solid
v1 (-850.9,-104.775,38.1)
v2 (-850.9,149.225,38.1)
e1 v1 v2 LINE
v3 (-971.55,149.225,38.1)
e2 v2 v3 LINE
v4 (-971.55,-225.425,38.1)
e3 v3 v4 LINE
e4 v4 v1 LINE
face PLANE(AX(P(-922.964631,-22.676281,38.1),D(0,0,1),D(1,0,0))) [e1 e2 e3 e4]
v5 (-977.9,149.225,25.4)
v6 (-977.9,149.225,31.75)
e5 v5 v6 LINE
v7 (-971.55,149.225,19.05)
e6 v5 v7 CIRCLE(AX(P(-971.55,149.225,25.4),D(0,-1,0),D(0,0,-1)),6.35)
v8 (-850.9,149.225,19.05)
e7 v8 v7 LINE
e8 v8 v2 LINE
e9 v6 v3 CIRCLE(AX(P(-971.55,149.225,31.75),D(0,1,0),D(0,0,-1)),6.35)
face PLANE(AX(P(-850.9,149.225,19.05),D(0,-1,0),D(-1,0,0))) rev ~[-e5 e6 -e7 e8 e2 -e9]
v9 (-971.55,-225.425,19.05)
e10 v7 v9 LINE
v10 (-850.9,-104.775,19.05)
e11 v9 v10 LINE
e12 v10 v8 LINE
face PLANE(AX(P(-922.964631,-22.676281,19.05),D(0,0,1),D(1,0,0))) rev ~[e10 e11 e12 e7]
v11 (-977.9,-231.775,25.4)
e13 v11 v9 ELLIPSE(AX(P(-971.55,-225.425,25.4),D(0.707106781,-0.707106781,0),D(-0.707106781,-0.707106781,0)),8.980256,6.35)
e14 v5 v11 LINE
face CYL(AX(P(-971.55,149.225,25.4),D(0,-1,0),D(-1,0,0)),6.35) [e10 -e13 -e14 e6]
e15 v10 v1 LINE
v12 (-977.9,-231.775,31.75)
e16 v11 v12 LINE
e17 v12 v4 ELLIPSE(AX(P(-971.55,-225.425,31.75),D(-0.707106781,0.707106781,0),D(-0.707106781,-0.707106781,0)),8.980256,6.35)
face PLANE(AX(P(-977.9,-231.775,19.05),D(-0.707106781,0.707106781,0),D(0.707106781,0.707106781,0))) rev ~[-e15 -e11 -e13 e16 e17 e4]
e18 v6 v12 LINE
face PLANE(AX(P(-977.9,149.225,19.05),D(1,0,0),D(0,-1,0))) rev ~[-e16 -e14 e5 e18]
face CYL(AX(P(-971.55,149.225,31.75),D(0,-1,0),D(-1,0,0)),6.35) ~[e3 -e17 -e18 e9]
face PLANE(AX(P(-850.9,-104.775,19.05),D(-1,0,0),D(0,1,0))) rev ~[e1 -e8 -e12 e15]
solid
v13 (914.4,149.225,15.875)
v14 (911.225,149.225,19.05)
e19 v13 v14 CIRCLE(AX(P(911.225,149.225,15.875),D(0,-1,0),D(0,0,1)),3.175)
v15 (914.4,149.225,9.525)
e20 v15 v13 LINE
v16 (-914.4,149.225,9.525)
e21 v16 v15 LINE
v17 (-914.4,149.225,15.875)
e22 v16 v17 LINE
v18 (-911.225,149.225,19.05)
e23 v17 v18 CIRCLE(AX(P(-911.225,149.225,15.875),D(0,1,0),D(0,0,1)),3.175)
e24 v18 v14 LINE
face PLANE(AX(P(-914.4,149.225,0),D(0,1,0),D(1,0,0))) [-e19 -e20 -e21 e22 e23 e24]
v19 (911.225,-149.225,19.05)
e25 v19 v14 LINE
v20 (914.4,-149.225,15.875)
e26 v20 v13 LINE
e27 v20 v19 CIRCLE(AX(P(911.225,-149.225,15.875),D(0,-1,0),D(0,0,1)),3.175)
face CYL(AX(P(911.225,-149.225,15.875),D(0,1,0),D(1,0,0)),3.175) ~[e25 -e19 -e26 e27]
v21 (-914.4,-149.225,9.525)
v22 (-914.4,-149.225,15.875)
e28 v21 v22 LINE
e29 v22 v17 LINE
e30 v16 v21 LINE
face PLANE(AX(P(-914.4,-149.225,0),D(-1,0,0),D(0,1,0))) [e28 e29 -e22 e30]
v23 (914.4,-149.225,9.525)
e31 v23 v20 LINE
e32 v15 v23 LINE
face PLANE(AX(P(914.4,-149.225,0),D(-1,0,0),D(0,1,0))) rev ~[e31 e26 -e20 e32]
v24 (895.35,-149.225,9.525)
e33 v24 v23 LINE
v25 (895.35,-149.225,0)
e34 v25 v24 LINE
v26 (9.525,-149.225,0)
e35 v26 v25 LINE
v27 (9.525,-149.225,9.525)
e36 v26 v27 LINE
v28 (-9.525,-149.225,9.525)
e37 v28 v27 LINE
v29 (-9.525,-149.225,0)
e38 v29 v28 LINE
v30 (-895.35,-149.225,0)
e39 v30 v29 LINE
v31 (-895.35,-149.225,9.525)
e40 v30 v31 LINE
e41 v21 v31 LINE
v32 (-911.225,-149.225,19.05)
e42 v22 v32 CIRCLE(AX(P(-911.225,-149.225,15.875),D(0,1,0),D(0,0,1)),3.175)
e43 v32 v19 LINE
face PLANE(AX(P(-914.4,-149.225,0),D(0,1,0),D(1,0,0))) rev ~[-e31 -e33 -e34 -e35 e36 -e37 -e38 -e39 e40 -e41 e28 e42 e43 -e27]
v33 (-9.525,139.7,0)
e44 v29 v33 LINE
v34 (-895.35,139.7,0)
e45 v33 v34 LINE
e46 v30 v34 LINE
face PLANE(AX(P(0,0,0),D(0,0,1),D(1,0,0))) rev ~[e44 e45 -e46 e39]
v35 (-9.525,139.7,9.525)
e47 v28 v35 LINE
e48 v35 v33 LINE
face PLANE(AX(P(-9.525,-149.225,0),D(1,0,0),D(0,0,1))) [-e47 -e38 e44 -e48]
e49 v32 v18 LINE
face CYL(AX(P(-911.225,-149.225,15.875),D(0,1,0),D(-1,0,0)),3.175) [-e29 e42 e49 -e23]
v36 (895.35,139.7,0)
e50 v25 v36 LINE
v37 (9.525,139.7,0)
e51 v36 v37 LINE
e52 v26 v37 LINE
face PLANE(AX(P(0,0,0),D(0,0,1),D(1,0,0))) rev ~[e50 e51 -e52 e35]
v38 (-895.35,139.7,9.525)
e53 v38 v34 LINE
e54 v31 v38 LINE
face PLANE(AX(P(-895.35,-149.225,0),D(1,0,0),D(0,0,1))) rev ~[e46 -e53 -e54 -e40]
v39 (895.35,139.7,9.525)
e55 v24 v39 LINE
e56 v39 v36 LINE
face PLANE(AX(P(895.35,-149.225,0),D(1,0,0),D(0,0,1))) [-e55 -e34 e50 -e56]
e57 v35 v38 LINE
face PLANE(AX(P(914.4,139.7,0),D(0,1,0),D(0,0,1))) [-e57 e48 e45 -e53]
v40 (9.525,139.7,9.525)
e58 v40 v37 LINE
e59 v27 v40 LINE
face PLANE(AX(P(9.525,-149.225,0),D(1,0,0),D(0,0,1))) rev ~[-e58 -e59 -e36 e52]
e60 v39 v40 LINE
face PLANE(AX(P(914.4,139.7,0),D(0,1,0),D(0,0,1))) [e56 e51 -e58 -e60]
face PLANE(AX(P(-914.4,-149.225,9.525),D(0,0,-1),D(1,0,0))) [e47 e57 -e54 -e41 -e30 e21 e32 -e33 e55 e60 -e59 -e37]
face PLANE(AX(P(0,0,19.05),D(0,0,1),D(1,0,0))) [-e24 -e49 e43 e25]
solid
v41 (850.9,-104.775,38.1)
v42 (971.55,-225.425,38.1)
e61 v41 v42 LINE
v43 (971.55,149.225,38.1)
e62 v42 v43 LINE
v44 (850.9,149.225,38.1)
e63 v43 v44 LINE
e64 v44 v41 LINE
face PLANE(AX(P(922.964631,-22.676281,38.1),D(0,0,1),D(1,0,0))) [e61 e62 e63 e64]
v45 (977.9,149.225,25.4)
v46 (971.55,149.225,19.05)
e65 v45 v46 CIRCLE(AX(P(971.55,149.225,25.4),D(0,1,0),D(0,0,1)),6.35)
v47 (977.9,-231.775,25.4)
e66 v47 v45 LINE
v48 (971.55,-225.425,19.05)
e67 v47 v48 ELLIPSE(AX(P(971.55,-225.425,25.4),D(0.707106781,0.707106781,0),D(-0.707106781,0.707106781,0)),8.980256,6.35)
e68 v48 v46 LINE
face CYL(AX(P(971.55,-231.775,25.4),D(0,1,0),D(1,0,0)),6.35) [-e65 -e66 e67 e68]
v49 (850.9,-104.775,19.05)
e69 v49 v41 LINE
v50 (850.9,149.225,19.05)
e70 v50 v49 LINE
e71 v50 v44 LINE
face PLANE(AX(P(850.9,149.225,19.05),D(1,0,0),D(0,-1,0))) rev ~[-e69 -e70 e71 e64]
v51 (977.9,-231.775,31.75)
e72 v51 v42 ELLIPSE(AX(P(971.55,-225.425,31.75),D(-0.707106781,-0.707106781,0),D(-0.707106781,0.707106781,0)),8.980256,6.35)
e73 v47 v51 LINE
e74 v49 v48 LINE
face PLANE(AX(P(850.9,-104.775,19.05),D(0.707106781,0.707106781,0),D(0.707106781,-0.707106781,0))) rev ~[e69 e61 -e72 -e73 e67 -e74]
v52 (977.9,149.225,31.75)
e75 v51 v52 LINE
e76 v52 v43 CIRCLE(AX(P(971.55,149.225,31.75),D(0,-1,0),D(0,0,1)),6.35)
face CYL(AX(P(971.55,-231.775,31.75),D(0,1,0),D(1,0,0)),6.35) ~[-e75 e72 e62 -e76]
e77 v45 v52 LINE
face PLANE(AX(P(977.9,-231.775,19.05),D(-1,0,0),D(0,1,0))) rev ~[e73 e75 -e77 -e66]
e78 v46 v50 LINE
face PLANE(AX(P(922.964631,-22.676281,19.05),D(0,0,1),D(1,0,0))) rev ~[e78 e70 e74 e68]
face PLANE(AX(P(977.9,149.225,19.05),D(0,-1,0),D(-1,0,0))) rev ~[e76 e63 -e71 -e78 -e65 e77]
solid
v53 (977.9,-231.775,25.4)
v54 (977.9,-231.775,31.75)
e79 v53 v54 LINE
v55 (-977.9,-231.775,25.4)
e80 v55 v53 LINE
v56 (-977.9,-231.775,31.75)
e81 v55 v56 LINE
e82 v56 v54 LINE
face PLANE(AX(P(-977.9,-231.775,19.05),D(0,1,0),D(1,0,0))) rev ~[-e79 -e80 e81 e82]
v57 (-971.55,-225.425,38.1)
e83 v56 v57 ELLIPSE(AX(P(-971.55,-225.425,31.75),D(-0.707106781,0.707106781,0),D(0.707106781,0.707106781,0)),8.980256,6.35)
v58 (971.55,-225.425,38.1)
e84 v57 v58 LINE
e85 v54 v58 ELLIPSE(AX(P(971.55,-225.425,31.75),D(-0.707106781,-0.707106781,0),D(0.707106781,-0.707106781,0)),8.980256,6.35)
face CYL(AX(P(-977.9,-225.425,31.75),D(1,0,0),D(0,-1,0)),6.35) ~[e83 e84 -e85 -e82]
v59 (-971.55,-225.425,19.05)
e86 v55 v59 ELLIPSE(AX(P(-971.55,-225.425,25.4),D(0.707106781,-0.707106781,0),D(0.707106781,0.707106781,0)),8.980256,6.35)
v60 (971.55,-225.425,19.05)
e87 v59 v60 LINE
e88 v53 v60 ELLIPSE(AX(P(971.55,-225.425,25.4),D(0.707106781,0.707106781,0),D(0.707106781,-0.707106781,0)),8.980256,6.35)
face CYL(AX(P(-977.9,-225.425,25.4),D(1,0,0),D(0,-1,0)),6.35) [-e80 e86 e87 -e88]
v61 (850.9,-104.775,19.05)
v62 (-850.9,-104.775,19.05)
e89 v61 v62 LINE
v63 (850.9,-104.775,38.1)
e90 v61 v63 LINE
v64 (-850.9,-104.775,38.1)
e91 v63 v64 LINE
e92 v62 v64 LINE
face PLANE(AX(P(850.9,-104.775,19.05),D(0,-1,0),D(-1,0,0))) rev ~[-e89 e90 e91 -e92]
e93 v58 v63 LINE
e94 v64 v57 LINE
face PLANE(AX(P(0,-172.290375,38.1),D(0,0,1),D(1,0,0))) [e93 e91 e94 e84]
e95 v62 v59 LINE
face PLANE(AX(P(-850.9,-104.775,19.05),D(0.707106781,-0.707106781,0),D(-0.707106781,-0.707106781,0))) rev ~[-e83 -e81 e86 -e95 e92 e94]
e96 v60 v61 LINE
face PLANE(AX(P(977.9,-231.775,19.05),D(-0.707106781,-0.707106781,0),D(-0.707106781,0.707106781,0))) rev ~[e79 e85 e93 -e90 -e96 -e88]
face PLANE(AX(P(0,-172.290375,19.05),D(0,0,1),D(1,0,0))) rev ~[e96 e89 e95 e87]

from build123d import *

# Parameters (mm, degrees)
F0_W      = 1828.8
F0_H      = 298.45
F1_DEPTH  = 19.05
F2_W      = 9.525
F2_H      = 9.525
F3_DEPTH  = 1828.801
F4_W      = 19.05
F4_H      = 9.525
F5_DEPTH  = 298.451
F7_DEPTH  = 19.05
F9_DEPTH  = 19.05
F11_DEPTH = 19.05
F12_R     = 6.35
F12_2_R   = 6.35
F12_3_R   = 6.35
F13_R     = 3.175


with BuildPart() as f1:
    # F0 (on Top) → F1 (new body)
    with BuildSketch(Plane.XY):
        Rectangle(F0_W, F0_H)
    extrude(amount=F1_DEPTH)

    # F2 (on face) → F3 (cut, through all)
    with BuildSketch(Plane.YZ.offset(914.4)):
        with Locations((144.4625, 4.7625)):
            Rectangle(F2_W, F2_H)
    extrude(amount=-F3_DEPTH, mode=Mode.SUBTRACT)

    # F4 (on face) → F5 (cut, through all)
    with BuildSketch(Plane.XZ.offset(149.225)):
        with Locations((-904.875, 4.7625)):
            Rectangle(F4_W, F4_H)
        with Locations((904.875, 4.7625)):
            Rectangle(F4_W, F4_H)
        with Locations((0, 4.7625)):
            Rectangle(F4_W, F4_H)
    extrude(amount=-F5_DEPTH, mode=Mode.SUBTRACT)

    # F13
    f13_edges = [f1.edges().sort_by_distance(p)[0] for p in [
        (-914.4, 0, 19.05),
        (914.4, 0, 19.05),
    ]]
    fillet(f13_edges, radius=F13_R)


with BuildPart() as f7:
    # F6 (on face) → F7 (new body)
    with BuildSketch(Plane.XY.offset(19.05)):
        Polygon((850.9, -104.775), (-850.9, -104.775), (-977.9, -231.775), (977.9, -231.775), align=None)
    extrude(amount=F7_DEPTH)

    # F12
    f12_edges = [f7.edges().sort_by_distance(p)[0] for p in [
        (0, -231.775, 38.1),
        (0, -231.775, 19.05),
    ]]
    fillet(f12_edges, radius=F12_R)


with BuildPart() as f9:
    # F8 (on face) → F9 (new body)
    with BuildSketch(Plane.XY.offset(19.05)):
        Polygon((-850.9, 149.225), (-977.9, 149.225), (-977.9, -231.775), (-850.9, -104.775), align=None)
    extrude(amount=F9_DEPTH)

    # F12#3
    f12_3_edges = [f9.edges().sort_by_distance(p)[0] for p in [
        (-977.9, -41.275, 38.1),
        (-977.9, -41.275, 19.05),
    ]]
    fillet(f12_3_edges, radius=F12_3_R)


with BuildPart() as f11:
    # F10 (on face) → F11 (new body)
    with BuildSketch(Plane.XY.offset(19.05)):
        Polygon((977.9, 149.225), (850.9, 149.225), (850.9, -104.775), (977.9, -231.775), align=None)
    extrude(amount=F11_DEPTH)

    # F12#2
    f12_2_edges = [f11.edges().sort_by_distance(p)[0] for p in [
        (977.9, -41.275, 19.05),
        (977.9, -41.275, 38.1),
    ]]
    fillet(f12_2_edges, radius=F12_2_R)


solid = Compound([f1.part, f7.part, f9.part, f11.part])
